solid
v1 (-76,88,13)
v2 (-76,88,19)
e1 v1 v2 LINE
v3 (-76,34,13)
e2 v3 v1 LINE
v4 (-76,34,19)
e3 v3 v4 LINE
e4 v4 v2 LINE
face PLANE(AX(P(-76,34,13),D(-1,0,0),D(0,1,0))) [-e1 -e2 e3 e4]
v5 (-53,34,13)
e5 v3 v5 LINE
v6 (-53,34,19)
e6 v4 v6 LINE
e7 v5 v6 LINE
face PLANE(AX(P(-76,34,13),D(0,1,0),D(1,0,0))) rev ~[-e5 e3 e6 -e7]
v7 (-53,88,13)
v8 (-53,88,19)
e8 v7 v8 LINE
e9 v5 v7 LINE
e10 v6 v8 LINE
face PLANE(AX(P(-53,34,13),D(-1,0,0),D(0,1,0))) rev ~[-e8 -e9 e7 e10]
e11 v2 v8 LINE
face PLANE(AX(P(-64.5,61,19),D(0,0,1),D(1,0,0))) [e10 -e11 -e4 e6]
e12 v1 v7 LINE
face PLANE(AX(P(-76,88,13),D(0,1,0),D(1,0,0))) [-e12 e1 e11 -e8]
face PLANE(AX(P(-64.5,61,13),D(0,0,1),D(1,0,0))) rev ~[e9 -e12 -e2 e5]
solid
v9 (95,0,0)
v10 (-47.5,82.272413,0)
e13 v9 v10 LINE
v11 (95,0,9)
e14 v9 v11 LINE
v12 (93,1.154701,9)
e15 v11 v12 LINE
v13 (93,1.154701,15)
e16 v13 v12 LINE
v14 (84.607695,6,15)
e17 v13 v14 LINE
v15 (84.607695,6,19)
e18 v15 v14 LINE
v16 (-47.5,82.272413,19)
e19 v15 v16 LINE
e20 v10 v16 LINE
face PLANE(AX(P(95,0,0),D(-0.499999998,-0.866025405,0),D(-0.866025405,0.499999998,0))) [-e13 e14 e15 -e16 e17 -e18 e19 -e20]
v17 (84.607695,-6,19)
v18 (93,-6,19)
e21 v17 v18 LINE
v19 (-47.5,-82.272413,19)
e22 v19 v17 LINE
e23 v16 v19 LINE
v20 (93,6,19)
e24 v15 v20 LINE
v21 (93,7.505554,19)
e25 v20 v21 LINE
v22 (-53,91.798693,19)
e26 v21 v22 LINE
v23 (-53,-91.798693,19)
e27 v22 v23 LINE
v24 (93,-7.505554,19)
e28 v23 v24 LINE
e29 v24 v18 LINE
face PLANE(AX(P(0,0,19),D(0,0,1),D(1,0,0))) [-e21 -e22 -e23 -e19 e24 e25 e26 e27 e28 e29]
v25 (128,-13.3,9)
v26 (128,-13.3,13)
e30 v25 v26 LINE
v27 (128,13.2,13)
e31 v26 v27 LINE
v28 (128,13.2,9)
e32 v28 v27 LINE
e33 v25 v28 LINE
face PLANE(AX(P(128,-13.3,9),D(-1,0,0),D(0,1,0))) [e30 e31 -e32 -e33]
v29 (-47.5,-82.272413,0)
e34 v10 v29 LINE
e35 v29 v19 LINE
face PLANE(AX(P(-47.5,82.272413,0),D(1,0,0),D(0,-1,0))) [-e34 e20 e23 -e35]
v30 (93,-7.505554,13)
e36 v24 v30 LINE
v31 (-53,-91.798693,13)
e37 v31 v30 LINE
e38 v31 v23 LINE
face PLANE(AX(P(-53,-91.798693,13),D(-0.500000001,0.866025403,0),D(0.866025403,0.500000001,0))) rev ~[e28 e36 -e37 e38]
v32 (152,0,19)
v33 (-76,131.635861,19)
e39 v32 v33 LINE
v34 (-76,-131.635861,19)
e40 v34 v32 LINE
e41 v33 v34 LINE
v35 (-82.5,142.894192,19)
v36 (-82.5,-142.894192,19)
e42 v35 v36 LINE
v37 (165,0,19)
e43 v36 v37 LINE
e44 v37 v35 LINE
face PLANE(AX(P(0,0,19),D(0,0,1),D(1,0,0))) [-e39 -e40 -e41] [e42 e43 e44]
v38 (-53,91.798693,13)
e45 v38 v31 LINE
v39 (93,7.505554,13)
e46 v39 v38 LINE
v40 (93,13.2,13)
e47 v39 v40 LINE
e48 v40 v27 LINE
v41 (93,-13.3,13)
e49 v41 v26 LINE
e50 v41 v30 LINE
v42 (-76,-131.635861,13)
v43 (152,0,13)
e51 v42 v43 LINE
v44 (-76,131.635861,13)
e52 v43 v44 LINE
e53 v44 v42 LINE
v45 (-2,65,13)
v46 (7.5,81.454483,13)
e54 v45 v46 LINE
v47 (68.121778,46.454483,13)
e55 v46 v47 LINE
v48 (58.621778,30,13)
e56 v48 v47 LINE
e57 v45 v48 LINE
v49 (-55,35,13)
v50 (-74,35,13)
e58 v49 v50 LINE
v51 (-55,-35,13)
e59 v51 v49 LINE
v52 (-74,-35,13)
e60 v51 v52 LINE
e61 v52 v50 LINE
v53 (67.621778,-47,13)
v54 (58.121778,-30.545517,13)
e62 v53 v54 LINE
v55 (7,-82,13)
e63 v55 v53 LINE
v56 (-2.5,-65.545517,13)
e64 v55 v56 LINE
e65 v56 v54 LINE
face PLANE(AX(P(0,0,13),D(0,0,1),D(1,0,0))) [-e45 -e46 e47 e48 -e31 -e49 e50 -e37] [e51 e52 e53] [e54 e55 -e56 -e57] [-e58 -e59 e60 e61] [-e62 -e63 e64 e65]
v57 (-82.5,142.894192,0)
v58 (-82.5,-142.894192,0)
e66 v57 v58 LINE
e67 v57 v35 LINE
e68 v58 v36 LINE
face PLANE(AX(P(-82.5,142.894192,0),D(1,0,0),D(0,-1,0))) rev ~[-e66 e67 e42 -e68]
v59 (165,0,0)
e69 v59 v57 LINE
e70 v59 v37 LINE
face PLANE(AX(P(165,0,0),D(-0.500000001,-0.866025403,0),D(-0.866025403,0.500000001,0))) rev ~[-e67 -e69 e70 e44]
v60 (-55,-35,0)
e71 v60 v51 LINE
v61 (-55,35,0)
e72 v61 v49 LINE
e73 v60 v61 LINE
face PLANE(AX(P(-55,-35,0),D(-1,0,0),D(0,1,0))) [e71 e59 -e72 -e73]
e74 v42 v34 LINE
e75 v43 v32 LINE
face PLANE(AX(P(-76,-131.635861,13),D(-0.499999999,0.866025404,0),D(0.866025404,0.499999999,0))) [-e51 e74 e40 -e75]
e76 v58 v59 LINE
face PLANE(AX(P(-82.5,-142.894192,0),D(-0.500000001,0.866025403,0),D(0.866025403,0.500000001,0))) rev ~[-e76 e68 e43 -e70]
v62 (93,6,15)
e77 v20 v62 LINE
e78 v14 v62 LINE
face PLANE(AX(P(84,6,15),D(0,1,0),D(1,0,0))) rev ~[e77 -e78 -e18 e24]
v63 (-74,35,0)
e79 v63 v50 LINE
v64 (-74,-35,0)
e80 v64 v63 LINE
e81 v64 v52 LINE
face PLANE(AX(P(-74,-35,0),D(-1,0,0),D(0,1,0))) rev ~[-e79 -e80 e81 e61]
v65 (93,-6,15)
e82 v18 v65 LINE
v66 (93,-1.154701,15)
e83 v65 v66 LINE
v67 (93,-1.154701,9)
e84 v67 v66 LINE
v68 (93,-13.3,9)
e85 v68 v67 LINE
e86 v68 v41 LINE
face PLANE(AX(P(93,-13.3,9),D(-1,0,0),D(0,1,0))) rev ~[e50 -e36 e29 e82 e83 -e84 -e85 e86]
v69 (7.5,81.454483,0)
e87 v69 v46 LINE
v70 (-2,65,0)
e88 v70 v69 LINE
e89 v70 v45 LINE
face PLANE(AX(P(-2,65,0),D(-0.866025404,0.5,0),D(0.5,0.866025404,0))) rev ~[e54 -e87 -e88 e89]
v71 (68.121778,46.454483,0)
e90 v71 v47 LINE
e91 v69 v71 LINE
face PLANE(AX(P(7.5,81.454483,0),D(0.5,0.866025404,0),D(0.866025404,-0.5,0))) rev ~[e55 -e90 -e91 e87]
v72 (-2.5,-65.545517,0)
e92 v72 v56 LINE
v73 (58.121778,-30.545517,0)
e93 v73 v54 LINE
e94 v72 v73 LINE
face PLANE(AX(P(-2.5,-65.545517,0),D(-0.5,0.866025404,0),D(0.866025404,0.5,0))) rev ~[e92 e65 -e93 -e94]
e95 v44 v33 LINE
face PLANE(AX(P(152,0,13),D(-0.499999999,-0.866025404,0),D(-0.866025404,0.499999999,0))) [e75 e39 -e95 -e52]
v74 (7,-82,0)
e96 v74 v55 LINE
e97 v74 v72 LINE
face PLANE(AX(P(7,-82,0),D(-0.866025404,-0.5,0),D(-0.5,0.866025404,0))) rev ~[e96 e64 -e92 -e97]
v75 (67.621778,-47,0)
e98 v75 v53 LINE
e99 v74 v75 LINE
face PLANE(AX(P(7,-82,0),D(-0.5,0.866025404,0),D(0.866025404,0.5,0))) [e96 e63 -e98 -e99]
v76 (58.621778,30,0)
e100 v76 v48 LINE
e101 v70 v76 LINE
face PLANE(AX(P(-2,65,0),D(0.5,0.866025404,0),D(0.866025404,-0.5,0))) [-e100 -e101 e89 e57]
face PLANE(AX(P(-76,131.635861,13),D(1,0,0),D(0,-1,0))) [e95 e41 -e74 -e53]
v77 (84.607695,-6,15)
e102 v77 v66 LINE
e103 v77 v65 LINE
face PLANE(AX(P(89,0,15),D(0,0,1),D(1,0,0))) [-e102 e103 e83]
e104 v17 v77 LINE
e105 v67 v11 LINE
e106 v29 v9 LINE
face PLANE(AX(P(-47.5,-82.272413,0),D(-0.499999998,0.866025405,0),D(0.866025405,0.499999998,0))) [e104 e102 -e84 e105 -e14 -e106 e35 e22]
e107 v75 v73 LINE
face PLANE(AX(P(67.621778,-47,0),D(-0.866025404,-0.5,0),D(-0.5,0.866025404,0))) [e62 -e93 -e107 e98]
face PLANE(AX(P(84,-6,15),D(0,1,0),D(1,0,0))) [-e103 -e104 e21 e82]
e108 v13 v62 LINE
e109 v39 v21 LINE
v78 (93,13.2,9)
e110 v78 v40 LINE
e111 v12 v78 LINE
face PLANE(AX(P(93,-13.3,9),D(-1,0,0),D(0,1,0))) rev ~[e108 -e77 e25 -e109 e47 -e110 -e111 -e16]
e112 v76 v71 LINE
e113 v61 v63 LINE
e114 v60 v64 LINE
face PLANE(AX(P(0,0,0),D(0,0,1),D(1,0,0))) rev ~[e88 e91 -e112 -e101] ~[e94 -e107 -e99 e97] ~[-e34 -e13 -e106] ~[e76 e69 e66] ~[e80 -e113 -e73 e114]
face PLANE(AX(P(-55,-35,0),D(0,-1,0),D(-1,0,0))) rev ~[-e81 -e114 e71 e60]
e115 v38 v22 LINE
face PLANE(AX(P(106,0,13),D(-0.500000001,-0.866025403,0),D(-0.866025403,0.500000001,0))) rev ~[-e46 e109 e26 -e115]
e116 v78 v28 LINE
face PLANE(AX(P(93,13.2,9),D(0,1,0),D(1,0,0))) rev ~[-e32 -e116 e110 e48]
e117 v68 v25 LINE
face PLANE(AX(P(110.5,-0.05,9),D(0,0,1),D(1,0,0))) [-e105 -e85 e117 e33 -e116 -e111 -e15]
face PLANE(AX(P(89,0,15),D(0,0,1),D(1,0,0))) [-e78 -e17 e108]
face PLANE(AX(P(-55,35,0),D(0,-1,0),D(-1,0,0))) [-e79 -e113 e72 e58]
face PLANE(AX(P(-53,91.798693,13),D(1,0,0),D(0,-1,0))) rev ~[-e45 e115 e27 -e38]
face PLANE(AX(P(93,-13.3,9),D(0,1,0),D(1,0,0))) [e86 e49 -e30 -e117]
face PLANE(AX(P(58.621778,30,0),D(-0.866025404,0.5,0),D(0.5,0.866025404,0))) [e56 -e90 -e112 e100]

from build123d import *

# Parameters (mm, degrees)
BOX005_W               = 23
BOX005_H               = 54
BOX005_DEPTH           = 6
PRISM003_DEPTH         = 6
PRISM002_DEPTH         = 6
BOX004_W               = 10
BOX004_H               = 12
BOX004_DEPTH           = 4
BOX003_W               = 35
BOX003_H               = 26.5
BOX003_DEPTH           = 10
BOX002_W               = 70
BOX002_H               = 19
BOX002_DEPTH           = 19
BOX002_PLACEMENT_ANGLE = 30
BOX001_W               = 70
BOX001_H               = 19
BOX001_DEPTH           = 19
BOX001_PLACEMENT_ANGLE = 90
BOX_W                  = 70
BOX_H                  = 19
BOX_DEPTH              = 19
BOX_PLACEMENT_ANGLE    = 30
PRISM001_DEPTH         = 19
PRISM_DEPTH            = 19


with BuildPart() as box005:
    # Box005 → Box005 (new body)
    with BuildSketch(Plane(origin=(-76, 34, 13), x_dir=(1, 0, 0), z_dir=(0, 0, 1))):
        with Locations((11.5, 27)):
            Rectangle(BOX005_W, BOX005_H)
    extrude(amount=BOX005_DEPTH)


with BuildPart() as prism003:
    # Prism003 → Prism003 (new body)
    with BuildSketch(Plane.XY.offset(13)):
        Polygon((106, 0), (-53, 91.798693), (-53, -91.798693), align=None)
    extrude(amount=PRISM003_DEPTH)


with BuildPart() as cut006:
    # Prism002 → Prism002 (new body)
    with BuildSketch(Plane.XY.offset(13)):
        Polygon((152, 0), (-76, 131.635861), (-76, -131.635861), align=None)
    extrude(amount=PRISM002_DEPTH)

    # Cut006: cut Prism003
    add(prism003.part, mode=Mode.SUBTRACT)


with BuildPart() as box004:
    # Box004 → Box004 (new body)
    with BuildSketch(Plane(origin=(84, -6, 15), x_dir=(1, 0, 0), z_dir=(0, 0, 1))):
        with Locations((5, 6)):
            Rectangle(BOX004_W, BOX004_H)
    extrude(amount=BOX004_DEPTH)


with BuildPart() as box003:
    # Box003 → Box003 (new body)
    with BuildSketch(Plane(origin=(93, -13.3, 9), x_dir=(1, 0, 0), z_dir=(0, 0, 1))):
        with Locations((17.5, 13.25)):
            Rectangle(BOX003_W, BOX003_H)
    extrude(amount=BOX003_DEPTH)


with BuildPart() as box002:
    # Box002 → Box002 (new body)
    with BuildSketch(Plane.XY):
        with Locations((35, 9.5)):
            Rectangle(BOX002_W, BOX002_H)
    extrude(amount=BOX002_DEPTH)


with BuildPart() as box002_1:
    # Box002 placement: moved
    add(box002.part.moved(Location((7, -82, 0))).rotate(Axis((7, -82, 0), (0, 0, 1)), BOX002_PLACEMENT_ANGLE))


with BuildPart() as box001:
    # Box001 → Box001 (new body)
    with BuildSketch(Plane.XY):
        with Locations((35, 9.5)):
            Rectangle(BOX001_W, BOX001_H)
    extrude(amount=BOX001_DEPTH)


with BuildPart() as box001_1:
    # Box001 placement: moved
    add(box001.part.moved(Location((-55, -35, 0))).rotate(Axis((-55, -35, 0), (0, 0, 1)), BOX001_PLACEMENT_ANGLE))


with BuildPart() as box:
    # Box → Box (new body)
    with BuildSketch(Plane.XY):
        with Locations((35, 9.5)):
            Rectangle(BOX_W, BOX_H)
    extrude(amount=BOX_DEPTH)


with BuildPart() as box_1:
    # Box placement: moved
    add(box.part.moved(Location((-2, 65, 0))).rotate(Axis((-2, 65, 0), (0, 0, -1)), BOX_PLACEMENT_ANGLE))


with BuildPart() as prism001:
    # Prism001 → Prism001 (new body)
    with BuildSketch(Plane.XY):
        Polygon((95, 0), (-47.5, 82.272413), (-47.5, -82.272413), align=None)
    extrude(amount=PRISM001_DEPTH)


with BuildPart() as cut007:
    # Prism → Prism (new body)
    with BuildSketch(Plane.XY):
        Polygon((165, 0), (-82.5, 142.894192), (-82.5, -142.894192), align=None)
    extrude(amount=PRISM_DEPTH)

    # Cut: cut Prism001
    add(prism001.part, mode=Mode.SUBTRACT)

    # Cut001: cut Box
    add(box_1.part, mode=Mode.SUBTRACT)

    # Cut002: cut Box001
    add(box001_1.part, mode=Mode.SUBTRACT)

    # Cut003: cut Box002
    add(box002_1.part, mode=Mode.SUBTRACT)

    # Cut004: cut Box003
    add(box003.part, mode=Mode.SUBTRACT)

    # Cut005: cut Box004
    add(box004.part, mode=Mode.SUBTRACT)

    # Cut007: cut Cut006
    add(cut006.part, mode=Mode.SUBTRACT)


solid = Compound([box005.part, cut007.part])
